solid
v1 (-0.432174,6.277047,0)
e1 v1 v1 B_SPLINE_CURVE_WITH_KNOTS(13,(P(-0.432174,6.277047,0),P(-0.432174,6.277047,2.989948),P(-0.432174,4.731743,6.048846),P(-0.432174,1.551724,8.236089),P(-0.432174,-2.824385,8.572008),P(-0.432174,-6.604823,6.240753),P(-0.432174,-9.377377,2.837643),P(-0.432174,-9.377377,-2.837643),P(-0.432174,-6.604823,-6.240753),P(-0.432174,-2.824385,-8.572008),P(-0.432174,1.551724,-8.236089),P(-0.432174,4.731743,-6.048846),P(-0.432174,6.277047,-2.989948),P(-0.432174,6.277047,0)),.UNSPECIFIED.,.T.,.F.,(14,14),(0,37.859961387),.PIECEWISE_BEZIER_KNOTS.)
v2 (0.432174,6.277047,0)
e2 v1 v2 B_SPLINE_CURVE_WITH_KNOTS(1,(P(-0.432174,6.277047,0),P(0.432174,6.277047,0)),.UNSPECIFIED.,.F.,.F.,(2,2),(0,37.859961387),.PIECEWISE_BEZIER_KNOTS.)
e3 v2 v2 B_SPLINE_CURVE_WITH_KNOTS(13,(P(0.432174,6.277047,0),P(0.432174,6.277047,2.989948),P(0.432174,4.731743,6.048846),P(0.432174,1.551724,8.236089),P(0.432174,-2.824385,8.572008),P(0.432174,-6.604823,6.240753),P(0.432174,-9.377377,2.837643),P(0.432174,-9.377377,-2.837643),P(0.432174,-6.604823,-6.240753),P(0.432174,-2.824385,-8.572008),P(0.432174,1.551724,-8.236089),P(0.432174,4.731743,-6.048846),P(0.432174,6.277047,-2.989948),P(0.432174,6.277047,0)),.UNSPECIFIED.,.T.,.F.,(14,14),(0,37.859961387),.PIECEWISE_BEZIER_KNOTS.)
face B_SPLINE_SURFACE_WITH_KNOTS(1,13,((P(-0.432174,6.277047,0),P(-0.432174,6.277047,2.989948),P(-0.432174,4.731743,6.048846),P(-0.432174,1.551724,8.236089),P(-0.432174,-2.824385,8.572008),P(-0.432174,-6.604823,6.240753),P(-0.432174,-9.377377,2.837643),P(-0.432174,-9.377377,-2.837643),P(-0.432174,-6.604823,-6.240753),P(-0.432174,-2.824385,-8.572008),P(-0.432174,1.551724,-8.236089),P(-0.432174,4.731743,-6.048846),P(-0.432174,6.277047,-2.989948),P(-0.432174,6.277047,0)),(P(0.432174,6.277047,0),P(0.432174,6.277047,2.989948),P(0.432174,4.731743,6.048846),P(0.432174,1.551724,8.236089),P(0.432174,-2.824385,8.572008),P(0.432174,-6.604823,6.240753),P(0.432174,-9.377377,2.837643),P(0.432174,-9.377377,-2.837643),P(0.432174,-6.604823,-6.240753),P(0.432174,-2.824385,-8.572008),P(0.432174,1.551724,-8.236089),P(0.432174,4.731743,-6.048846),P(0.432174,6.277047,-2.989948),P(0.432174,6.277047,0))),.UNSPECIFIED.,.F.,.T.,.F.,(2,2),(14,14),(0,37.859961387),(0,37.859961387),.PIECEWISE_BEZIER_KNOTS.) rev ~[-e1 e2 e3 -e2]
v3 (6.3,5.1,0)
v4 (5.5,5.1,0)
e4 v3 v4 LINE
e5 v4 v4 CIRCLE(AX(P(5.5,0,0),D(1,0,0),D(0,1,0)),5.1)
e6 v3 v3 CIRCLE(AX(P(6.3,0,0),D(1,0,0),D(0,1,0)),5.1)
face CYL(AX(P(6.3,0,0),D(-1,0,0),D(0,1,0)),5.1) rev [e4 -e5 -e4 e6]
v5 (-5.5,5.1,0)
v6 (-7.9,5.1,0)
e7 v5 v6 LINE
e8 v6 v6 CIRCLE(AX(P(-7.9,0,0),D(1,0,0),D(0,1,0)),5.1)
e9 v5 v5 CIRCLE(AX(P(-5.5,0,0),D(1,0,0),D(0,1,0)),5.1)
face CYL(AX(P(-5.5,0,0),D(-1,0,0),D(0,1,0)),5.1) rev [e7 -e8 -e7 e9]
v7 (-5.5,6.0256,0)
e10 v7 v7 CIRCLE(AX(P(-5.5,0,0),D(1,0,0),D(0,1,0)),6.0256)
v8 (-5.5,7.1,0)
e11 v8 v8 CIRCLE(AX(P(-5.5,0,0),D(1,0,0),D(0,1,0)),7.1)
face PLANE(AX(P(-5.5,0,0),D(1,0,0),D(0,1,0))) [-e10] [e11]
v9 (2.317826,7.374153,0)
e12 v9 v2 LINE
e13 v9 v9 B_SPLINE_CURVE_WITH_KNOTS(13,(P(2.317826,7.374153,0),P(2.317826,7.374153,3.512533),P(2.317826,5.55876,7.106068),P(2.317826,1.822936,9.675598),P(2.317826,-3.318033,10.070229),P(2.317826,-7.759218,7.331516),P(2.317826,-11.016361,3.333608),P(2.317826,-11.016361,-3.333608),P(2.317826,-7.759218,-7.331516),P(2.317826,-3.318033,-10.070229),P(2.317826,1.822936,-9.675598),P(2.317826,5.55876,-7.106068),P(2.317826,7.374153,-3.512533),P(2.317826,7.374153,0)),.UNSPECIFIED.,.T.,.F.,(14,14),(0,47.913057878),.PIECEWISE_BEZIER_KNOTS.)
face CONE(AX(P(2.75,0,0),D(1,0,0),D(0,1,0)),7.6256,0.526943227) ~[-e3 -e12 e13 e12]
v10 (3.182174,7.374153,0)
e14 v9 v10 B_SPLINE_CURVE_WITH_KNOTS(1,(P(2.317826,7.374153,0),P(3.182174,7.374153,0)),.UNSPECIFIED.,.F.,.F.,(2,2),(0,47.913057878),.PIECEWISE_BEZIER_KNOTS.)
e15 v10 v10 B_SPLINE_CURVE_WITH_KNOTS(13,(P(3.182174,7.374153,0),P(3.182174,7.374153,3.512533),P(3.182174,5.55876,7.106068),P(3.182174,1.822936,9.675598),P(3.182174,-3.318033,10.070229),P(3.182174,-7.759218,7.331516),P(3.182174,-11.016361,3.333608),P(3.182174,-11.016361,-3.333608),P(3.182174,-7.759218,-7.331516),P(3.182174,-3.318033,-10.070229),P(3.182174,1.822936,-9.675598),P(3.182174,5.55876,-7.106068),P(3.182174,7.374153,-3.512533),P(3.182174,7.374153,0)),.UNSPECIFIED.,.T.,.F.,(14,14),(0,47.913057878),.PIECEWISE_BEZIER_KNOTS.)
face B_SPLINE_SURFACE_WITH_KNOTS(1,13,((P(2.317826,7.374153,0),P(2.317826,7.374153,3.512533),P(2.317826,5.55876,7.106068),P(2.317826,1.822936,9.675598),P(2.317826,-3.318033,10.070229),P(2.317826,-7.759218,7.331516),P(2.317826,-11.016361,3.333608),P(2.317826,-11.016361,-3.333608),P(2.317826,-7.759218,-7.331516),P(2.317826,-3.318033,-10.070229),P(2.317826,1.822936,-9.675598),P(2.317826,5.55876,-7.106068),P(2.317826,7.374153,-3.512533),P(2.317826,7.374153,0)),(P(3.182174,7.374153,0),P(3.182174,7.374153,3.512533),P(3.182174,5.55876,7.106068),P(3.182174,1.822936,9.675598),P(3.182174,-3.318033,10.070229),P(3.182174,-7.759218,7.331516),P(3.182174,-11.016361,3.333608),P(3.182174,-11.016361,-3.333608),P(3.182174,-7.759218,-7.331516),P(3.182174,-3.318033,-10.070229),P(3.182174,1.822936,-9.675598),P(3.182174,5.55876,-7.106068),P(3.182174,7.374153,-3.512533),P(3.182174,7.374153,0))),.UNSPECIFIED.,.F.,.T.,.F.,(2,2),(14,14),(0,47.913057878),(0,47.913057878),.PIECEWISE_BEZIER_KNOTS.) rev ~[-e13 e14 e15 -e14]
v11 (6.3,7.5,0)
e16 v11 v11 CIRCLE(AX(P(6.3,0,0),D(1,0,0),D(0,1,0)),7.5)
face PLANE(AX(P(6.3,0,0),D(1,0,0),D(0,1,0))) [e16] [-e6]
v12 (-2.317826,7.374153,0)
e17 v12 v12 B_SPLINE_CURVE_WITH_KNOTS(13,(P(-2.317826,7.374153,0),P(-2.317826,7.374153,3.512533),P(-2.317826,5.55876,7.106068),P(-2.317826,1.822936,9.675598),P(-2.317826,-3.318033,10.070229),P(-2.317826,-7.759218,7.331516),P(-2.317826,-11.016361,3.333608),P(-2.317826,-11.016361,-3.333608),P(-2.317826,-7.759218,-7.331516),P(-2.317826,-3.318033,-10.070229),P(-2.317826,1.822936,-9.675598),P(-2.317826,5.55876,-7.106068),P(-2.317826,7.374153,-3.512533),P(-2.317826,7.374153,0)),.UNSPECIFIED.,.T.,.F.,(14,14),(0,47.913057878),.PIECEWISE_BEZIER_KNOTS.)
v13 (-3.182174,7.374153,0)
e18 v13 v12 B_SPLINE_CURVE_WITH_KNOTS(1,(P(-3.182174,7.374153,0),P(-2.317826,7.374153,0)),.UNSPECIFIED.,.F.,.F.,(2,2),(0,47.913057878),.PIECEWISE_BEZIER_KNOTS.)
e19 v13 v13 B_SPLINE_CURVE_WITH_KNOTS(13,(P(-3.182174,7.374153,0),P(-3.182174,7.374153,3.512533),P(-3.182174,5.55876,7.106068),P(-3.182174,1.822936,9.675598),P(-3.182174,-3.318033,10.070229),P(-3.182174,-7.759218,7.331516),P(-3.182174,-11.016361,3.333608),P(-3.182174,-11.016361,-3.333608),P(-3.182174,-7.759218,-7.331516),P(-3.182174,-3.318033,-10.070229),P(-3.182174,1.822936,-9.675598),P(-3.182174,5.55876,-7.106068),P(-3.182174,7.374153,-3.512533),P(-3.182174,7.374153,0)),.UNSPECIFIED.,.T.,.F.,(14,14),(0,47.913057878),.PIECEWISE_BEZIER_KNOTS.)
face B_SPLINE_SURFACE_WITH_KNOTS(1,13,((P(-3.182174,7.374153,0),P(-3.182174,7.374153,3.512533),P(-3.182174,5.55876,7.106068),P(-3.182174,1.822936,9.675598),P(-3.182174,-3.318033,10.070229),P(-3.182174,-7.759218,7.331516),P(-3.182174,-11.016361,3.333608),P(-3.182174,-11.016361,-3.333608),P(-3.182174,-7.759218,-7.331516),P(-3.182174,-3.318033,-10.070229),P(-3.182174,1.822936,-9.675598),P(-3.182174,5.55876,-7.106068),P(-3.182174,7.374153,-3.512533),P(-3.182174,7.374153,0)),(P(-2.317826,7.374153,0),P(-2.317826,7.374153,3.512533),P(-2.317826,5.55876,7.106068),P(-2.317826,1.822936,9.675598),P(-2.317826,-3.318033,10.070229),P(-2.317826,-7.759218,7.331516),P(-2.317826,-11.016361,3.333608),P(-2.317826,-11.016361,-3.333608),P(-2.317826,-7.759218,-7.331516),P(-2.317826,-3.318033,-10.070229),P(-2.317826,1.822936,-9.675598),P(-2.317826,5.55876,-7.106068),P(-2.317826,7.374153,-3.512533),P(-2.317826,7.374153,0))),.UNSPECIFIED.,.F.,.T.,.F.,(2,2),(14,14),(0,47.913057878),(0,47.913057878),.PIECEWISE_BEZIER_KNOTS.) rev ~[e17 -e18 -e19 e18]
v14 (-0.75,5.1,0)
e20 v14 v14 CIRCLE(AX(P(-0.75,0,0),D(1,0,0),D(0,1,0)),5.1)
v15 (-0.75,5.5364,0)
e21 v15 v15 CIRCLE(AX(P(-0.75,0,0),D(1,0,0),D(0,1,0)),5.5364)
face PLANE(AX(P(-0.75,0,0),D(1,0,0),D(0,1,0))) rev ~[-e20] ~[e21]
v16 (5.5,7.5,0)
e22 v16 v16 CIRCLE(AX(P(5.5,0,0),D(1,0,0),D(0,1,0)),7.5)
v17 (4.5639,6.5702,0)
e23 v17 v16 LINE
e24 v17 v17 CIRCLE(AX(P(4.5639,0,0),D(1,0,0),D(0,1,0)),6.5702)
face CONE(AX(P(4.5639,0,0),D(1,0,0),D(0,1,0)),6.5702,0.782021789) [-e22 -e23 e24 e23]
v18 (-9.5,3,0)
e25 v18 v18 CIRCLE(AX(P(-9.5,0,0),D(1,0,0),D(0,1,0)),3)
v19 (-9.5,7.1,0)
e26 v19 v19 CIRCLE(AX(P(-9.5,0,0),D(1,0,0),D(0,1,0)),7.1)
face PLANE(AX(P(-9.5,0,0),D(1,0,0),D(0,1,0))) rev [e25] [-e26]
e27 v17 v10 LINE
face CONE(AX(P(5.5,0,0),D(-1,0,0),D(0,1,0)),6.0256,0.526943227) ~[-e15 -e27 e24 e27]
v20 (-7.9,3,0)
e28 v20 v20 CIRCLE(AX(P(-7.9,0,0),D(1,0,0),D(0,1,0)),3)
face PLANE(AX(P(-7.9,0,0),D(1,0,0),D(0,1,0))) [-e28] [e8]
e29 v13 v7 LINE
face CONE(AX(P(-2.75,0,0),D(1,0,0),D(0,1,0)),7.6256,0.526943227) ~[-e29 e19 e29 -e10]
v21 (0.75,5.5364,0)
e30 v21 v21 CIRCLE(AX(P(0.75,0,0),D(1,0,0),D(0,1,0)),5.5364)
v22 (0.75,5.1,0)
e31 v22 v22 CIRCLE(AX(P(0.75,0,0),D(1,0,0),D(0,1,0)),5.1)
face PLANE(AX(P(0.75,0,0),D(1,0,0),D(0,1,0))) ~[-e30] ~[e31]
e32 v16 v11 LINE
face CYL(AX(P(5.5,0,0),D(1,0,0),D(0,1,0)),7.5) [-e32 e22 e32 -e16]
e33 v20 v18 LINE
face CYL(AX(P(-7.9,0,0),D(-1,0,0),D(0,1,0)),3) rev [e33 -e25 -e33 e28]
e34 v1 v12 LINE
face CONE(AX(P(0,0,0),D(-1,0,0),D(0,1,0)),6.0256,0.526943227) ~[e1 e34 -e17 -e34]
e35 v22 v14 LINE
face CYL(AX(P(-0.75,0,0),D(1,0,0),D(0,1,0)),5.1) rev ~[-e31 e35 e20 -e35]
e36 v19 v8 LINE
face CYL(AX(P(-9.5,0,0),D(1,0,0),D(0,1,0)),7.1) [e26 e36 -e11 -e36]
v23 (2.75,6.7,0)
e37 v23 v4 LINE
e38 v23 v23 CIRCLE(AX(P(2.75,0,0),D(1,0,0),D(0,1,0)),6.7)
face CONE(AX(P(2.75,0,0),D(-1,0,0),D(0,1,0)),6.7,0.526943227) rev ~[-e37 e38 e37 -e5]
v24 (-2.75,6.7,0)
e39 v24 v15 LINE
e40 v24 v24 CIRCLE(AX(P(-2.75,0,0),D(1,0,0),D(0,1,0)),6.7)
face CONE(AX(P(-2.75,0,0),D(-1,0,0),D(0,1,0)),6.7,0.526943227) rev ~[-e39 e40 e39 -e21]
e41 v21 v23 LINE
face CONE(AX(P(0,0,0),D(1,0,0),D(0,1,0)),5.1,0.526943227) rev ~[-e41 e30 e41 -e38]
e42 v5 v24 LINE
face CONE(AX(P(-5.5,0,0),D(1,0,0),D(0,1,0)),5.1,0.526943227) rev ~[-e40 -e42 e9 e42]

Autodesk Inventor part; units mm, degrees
ref_plane "YZ Plane" through (0, 0, 0) normal (1, 0, 0) x (0, 1, 0)
ref_plane "XZ Plane" through (0, 0, 0) normal (0, 1, 0) x (-1, 0, 0)
ref_plane "XY Plane" through (0, 0, 0) normal (0, 0, 1) x (1, 0, 0)
sketch "Skizze1" plane through (0, 0, 0) normal (0, 0, 1) x (1, 0, 0)
  line L0 (-15, 0) -> (15, 0)
  line L1 (-5.5, 5.1) -> (-2.75, 6.7)
  line L2 (-2.75, 6.7) -> (0, 5.1)
  line L3 (0, 5.1) -> (2.75, 6.7)
  line L4 (2.75, 6.7) -> (5.5, 5.1)
  line L5 (-5.5, 5.1) -> (5.5, 5.1) construction
  line L6 (-2.75, 6.7) -> (2.75, 6.7) construction
  line L7 (0, 5.1) -> (5.5, 5.1) construction
  line L8 (5.5, 6.0256) -> (2.75, 7.6256)
  line L9 (2.75, 7.6256) -> (0, 6.0256)
  line L10 (0, 6.0256) -> (-2.75, 7.6256)
  line L11 (-2.75, 7.6256) -> (-5.5, 6.0256)
  line L12 (-5.5, 5.1) -> (-7.9, 5.1)
  line L13 (-7.9, 5.1) -> (-7.9, 3)
  line L14 (-7.9, 3) -> (-9.5, 3)
  line L15 (-9.5, 3) -> (-9.5, 7.1)
  line L16 (-9.5, 7.1) -> (-5.5, 7.1)
  line L17 (-5.5, 7.1) -> (-5.5, 6.0256)
  line L18 (5.5, 5.1) -> (5.5, 6.0256)
  line L19 (4.5639, 6.5702) -> (5.5, 7.5)
  line L20 (5.5, 7.5) -> (5.5, 6.0256)
  line L21 (5.5, 7.5) -> (6.3, 7.5)
  line L22 (6.3, 7.5) -> (6.3, 5.1)
  line L23 (6.3, 5.1) -> (5.5, 5.1)
  line L24 (5.5, 5.1) -> (5.5, 7.5)
  line L25 (-0.75, 5.1) -> (0.75, 5.1)
  line L26 (0.75, 5.1) -> (0.75, 5.5364)
  line L27 (0.75, 5.5364) -> (-0.75, 5.5364)
  line L28 (-0.75, 5.5364) -> (-0.75, 5.1)
  point P0 (0, 0)
  point P1 (0, 0)
  point P2 (0, 6.7)
  point P3 (2.75, 5.1)
  point P4 (0, 5.5364)
  point P5 (-0.75, 5.5364)
  dimension "d37" = 0.8
  dimension "d38" = 6
  dimension "d39" = 10.2
  dimension "d40" = 2
  dimension "d41" = 1.6
  dimension "d42" = 11
  dimension "d43" = 4
  dimension "d44" = 1.6
  dimension "d45" = 30
  dimension "d46" = 75
  dimension "d47" = 15
  dimension "d49" = 0.8
  dimension "d50" = 1.5
revolve "Umdrehung2" add sketch "Skizze1" angle 360 about axis through (-15, 0, 0) along (1, 0, 0)
chamfer "Fase3" distance 0.5 angle 45 3 edges at (-2.75, -7.6256, 0) (2.75, -7.6256, 0) (0, -6.0256, 0)
properties part number "Daemper_TPU_Z2" material "Thermoplastisches Harz"
